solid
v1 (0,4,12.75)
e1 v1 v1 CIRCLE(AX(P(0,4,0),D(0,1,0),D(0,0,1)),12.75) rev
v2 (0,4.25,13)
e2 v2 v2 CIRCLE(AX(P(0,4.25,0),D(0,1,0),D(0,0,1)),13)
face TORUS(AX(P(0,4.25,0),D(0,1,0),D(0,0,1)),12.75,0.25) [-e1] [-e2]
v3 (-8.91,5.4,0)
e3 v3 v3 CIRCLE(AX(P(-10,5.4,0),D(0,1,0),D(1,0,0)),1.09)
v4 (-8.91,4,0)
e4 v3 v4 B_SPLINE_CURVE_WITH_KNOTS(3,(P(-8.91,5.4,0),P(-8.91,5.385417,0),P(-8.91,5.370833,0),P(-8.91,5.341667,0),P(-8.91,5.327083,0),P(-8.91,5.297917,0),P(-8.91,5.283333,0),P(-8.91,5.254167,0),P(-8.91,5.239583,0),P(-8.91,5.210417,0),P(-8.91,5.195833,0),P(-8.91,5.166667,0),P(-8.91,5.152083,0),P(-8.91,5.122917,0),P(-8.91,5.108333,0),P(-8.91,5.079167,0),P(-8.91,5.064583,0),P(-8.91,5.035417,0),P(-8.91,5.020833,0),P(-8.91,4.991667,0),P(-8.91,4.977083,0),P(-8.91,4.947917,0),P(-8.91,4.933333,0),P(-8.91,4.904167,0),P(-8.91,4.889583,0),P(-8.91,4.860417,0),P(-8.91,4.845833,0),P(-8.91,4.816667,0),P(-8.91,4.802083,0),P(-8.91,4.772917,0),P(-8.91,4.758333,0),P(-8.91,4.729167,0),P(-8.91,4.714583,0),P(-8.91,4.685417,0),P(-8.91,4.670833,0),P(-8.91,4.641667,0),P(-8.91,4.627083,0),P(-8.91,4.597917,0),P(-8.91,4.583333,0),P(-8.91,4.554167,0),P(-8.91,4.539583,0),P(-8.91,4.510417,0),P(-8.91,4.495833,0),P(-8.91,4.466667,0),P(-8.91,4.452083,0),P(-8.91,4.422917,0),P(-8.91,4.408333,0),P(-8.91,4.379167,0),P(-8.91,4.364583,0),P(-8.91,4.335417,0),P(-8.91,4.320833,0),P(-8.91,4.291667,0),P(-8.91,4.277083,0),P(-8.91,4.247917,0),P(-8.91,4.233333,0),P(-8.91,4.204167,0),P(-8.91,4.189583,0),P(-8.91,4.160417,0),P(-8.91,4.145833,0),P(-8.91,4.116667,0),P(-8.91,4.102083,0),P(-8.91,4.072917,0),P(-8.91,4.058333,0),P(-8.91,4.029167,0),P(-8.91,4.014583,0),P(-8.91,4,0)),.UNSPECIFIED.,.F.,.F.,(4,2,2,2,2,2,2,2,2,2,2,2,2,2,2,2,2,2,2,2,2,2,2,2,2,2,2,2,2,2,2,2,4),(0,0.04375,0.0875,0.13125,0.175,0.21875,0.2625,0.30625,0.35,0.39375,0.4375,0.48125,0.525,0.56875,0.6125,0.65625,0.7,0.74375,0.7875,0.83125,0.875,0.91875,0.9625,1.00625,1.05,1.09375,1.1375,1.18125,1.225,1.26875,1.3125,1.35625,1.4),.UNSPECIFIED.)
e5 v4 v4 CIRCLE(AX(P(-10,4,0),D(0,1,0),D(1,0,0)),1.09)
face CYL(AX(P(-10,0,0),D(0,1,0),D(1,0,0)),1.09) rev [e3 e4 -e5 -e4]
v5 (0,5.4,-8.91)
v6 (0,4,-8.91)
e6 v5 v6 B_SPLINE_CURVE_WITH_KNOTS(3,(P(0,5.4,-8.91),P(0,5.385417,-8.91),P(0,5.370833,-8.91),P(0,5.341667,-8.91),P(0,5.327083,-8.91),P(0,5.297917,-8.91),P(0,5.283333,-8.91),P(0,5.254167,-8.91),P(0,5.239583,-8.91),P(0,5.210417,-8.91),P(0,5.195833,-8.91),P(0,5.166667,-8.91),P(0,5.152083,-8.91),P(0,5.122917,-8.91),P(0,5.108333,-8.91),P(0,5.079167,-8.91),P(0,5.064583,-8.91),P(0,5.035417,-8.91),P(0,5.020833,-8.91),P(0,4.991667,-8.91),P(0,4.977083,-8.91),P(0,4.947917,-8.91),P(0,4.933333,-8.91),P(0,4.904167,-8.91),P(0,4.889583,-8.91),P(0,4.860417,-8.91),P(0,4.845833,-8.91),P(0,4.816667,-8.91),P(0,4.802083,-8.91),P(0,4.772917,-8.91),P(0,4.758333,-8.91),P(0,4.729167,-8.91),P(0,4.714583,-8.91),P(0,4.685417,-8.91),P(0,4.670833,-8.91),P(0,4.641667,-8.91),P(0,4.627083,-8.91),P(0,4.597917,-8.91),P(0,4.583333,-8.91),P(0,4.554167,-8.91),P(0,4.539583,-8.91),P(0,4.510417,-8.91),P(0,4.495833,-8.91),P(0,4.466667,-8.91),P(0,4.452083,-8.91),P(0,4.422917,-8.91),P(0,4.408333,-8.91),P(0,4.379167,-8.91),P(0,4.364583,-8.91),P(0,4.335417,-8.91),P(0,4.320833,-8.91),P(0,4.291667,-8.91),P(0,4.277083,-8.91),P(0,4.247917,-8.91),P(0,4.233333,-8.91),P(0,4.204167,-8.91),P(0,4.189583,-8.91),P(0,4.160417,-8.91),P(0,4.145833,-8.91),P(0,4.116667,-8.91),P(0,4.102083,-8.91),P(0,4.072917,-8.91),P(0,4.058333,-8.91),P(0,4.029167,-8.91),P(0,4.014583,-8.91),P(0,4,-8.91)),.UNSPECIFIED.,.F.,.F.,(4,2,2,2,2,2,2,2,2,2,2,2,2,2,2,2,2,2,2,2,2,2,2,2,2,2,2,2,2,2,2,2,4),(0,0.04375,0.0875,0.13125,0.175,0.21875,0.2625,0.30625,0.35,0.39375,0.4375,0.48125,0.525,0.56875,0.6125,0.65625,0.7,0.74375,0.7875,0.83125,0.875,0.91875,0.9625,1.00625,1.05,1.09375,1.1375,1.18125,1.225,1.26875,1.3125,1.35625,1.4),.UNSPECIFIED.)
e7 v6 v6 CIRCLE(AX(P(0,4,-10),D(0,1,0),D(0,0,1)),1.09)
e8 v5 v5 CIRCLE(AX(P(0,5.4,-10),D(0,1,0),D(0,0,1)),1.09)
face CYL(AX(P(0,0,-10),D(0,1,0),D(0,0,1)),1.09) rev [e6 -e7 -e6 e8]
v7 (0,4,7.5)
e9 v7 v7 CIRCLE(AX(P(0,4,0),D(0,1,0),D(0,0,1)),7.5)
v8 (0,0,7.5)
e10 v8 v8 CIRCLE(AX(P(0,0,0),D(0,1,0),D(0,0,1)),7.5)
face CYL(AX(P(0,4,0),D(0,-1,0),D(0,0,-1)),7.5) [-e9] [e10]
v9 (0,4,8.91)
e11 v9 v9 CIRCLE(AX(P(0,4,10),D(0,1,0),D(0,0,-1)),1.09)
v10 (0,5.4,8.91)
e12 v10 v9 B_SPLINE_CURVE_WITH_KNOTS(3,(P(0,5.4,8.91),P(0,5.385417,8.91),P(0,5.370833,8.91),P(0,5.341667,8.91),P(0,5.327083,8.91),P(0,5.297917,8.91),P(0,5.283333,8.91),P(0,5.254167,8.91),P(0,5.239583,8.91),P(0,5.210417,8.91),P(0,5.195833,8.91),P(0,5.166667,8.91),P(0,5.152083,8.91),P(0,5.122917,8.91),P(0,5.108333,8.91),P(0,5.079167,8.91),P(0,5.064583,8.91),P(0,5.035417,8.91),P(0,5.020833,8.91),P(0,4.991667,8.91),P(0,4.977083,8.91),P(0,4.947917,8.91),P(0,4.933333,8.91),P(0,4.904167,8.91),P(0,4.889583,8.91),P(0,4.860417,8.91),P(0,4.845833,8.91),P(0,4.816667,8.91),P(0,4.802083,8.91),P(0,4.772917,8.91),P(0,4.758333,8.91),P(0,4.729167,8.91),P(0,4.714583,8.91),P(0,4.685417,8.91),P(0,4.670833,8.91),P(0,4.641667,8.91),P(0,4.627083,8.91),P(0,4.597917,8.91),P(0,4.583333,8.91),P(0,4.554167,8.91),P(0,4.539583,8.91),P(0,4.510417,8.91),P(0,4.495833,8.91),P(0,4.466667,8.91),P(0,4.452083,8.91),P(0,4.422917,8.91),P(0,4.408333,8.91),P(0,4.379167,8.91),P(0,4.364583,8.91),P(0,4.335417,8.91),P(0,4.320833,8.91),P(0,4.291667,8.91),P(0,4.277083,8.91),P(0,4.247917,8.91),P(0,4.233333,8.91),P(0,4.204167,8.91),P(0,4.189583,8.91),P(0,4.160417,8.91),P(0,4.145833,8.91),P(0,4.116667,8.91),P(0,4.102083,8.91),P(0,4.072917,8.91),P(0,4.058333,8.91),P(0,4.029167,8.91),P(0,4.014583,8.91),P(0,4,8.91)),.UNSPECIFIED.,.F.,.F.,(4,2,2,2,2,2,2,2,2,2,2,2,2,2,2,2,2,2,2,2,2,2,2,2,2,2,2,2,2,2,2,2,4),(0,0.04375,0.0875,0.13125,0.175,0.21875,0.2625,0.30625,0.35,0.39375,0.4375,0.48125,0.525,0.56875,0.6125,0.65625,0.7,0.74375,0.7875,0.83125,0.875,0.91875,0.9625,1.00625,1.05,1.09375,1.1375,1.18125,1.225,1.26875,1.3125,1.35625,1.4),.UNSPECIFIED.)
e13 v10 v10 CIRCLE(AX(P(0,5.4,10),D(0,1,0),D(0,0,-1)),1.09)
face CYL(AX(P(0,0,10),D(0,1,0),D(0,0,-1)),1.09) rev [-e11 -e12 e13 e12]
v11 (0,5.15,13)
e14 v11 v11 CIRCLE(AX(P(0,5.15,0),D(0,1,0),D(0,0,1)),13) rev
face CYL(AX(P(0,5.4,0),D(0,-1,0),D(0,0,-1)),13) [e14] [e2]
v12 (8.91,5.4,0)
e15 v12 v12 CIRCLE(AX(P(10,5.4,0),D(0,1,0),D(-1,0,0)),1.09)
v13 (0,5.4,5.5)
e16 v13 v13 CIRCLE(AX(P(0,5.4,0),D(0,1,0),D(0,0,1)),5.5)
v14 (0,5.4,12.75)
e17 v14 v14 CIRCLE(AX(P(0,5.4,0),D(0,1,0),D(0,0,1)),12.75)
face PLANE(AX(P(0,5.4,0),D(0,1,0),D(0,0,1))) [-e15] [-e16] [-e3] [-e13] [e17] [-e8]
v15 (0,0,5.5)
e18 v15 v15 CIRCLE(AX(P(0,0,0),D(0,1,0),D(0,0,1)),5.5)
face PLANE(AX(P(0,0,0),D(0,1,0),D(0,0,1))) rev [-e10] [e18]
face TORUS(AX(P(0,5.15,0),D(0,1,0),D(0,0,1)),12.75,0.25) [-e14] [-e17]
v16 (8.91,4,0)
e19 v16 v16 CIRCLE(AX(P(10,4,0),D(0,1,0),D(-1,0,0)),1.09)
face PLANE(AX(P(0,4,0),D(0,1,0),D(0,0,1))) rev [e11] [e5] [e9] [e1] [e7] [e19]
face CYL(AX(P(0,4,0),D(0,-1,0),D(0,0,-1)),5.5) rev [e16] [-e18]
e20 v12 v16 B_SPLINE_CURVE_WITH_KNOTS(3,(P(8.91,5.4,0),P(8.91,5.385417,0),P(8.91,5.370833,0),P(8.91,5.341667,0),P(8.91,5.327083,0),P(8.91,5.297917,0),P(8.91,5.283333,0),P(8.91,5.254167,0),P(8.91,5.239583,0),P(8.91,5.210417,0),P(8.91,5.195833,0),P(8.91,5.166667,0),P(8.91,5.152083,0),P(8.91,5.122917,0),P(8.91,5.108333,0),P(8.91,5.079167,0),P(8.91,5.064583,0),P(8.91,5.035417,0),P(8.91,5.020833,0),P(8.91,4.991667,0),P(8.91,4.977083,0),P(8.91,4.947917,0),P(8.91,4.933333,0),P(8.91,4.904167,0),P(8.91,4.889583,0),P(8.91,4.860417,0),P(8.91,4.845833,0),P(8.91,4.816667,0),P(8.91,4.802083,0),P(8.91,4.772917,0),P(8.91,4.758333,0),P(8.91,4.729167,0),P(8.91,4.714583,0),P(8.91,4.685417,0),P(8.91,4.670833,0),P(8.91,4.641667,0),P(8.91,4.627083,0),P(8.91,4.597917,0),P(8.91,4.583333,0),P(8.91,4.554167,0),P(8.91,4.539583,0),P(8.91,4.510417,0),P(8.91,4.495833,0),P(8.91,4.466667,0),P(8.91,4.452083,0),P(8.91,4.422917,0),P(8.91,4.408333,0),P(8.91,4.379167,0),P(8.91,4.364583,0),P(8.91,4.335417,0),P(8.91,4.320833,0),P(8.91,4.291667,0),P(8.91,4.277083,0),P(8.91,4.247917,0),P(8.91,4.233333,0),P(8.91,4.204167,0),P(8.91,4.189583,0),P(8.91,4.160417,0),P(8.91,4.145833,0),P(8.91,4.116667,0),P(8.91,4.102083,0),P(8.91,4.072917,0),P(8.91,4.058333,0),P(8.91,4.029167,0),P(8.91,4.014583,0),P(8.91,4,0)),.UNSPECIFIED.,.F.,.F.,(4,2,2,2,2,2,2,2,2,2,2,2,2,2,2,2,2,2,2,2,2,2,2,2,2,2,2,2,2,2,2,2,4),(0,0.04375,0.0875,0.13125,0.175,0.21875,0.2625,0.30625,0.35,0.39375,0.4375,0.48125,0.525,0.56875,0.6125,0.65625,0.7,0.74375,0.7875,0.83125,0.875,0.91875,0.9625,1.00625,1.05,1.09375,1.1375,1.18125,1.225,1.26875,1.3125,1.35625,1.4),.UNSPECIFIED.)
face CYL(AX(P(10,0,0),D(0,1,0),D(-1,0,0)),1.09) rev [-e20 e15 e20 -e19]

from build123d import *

# Parameters (mm, degrees)
SKETCH1_R           = 7.5
SKETCH1_R_2         = 5.5
BOSS_EXTRUDE1_DEPTH = 4
SKETCH2_R           = 13
SKETCH2_R_2         = 5.5
BOSS_EXTRUDE2_DEPTH = 1.4
SKETCH3_R           = 1.09
CUT_EXTRUDE1_DEPTH  = 20.161419572
CIRPATTERN1_COUNT   = 4
FILLET1_R           = 0.25


with BuildPart() as part:
    # Sketch1 → Boss-Extrude1 (new body)
    with BuildSketch(Plane(origin=(0, 0, 0), x_dir=(1, 0, 0), z_dir=(0, 1, 0))):
        with Locations(Location((0, 0, 0), (0, 0, 270))):
            Circle(SKETCH1_R)
        with Locations(Location((0, 0, 0), (0, 0, 270))):
            Circle(SKETCH1_R_2, mode=Mode.SUBTRACT)
    extrude(amount=BOSS_EXTRUDE1_DEPTH)

    # Sketch2 → Boss-Extrude2 (add)
    with BuildSketch(Plane(origin=(0, 4, 0), x_dir=(1, 0, 0), z_dir=(0, 1, 0))):
        with Locations(Location((0, 0, 0), (0, 0, 270))):
            Circle(SKETCH2_R)
        with Locations(Location((0, 0, 0), (0, 0, 270))):
            Circle(SKETCH2_R_2, mode=Mode.SUBTRACT)
    extrude(amount=BOSS_EXTRUDE2_DEPTH)

    # Sketch3 → Cut-Extrude1 (cut, through all)
    with BuildSketch(Plane(origin=(0, 5.4, 0), x_dir=(1, 0, 0), z_dir=(0, 1, 0))):
        with Locations(Location((0, 10, 0), (0, 0, 270))):
            Circle(SKETCH3_R)
    cut_extrude1 = extrude(amount=-CUT_EXTRUDE1_DEPTH, mode=Mode.SUBTRACT)

    # CirPattern1: Cut-Extrude1 ×4 about axis
    cirpattern1_axis = Axis((0, 0, 0), (0, 1, 0))
    for i in range(1, CIRPATTERN1_COUNT):
        add(cut_extrude1.rotate(cirpattern1_axis, i * 360 / CIRPATTERN1_COUNT), mode=Mode.SUBTRACT)

    # Fillet1
    fillet1_edges = [part.edges().sort_by_distance(p)[0] for p in [
        (0, 4, -13),
        (0, 5.4, -13),
    ]]
    fillet(fillet1_edges, radius=FILLET1_R)


solid = part.part
